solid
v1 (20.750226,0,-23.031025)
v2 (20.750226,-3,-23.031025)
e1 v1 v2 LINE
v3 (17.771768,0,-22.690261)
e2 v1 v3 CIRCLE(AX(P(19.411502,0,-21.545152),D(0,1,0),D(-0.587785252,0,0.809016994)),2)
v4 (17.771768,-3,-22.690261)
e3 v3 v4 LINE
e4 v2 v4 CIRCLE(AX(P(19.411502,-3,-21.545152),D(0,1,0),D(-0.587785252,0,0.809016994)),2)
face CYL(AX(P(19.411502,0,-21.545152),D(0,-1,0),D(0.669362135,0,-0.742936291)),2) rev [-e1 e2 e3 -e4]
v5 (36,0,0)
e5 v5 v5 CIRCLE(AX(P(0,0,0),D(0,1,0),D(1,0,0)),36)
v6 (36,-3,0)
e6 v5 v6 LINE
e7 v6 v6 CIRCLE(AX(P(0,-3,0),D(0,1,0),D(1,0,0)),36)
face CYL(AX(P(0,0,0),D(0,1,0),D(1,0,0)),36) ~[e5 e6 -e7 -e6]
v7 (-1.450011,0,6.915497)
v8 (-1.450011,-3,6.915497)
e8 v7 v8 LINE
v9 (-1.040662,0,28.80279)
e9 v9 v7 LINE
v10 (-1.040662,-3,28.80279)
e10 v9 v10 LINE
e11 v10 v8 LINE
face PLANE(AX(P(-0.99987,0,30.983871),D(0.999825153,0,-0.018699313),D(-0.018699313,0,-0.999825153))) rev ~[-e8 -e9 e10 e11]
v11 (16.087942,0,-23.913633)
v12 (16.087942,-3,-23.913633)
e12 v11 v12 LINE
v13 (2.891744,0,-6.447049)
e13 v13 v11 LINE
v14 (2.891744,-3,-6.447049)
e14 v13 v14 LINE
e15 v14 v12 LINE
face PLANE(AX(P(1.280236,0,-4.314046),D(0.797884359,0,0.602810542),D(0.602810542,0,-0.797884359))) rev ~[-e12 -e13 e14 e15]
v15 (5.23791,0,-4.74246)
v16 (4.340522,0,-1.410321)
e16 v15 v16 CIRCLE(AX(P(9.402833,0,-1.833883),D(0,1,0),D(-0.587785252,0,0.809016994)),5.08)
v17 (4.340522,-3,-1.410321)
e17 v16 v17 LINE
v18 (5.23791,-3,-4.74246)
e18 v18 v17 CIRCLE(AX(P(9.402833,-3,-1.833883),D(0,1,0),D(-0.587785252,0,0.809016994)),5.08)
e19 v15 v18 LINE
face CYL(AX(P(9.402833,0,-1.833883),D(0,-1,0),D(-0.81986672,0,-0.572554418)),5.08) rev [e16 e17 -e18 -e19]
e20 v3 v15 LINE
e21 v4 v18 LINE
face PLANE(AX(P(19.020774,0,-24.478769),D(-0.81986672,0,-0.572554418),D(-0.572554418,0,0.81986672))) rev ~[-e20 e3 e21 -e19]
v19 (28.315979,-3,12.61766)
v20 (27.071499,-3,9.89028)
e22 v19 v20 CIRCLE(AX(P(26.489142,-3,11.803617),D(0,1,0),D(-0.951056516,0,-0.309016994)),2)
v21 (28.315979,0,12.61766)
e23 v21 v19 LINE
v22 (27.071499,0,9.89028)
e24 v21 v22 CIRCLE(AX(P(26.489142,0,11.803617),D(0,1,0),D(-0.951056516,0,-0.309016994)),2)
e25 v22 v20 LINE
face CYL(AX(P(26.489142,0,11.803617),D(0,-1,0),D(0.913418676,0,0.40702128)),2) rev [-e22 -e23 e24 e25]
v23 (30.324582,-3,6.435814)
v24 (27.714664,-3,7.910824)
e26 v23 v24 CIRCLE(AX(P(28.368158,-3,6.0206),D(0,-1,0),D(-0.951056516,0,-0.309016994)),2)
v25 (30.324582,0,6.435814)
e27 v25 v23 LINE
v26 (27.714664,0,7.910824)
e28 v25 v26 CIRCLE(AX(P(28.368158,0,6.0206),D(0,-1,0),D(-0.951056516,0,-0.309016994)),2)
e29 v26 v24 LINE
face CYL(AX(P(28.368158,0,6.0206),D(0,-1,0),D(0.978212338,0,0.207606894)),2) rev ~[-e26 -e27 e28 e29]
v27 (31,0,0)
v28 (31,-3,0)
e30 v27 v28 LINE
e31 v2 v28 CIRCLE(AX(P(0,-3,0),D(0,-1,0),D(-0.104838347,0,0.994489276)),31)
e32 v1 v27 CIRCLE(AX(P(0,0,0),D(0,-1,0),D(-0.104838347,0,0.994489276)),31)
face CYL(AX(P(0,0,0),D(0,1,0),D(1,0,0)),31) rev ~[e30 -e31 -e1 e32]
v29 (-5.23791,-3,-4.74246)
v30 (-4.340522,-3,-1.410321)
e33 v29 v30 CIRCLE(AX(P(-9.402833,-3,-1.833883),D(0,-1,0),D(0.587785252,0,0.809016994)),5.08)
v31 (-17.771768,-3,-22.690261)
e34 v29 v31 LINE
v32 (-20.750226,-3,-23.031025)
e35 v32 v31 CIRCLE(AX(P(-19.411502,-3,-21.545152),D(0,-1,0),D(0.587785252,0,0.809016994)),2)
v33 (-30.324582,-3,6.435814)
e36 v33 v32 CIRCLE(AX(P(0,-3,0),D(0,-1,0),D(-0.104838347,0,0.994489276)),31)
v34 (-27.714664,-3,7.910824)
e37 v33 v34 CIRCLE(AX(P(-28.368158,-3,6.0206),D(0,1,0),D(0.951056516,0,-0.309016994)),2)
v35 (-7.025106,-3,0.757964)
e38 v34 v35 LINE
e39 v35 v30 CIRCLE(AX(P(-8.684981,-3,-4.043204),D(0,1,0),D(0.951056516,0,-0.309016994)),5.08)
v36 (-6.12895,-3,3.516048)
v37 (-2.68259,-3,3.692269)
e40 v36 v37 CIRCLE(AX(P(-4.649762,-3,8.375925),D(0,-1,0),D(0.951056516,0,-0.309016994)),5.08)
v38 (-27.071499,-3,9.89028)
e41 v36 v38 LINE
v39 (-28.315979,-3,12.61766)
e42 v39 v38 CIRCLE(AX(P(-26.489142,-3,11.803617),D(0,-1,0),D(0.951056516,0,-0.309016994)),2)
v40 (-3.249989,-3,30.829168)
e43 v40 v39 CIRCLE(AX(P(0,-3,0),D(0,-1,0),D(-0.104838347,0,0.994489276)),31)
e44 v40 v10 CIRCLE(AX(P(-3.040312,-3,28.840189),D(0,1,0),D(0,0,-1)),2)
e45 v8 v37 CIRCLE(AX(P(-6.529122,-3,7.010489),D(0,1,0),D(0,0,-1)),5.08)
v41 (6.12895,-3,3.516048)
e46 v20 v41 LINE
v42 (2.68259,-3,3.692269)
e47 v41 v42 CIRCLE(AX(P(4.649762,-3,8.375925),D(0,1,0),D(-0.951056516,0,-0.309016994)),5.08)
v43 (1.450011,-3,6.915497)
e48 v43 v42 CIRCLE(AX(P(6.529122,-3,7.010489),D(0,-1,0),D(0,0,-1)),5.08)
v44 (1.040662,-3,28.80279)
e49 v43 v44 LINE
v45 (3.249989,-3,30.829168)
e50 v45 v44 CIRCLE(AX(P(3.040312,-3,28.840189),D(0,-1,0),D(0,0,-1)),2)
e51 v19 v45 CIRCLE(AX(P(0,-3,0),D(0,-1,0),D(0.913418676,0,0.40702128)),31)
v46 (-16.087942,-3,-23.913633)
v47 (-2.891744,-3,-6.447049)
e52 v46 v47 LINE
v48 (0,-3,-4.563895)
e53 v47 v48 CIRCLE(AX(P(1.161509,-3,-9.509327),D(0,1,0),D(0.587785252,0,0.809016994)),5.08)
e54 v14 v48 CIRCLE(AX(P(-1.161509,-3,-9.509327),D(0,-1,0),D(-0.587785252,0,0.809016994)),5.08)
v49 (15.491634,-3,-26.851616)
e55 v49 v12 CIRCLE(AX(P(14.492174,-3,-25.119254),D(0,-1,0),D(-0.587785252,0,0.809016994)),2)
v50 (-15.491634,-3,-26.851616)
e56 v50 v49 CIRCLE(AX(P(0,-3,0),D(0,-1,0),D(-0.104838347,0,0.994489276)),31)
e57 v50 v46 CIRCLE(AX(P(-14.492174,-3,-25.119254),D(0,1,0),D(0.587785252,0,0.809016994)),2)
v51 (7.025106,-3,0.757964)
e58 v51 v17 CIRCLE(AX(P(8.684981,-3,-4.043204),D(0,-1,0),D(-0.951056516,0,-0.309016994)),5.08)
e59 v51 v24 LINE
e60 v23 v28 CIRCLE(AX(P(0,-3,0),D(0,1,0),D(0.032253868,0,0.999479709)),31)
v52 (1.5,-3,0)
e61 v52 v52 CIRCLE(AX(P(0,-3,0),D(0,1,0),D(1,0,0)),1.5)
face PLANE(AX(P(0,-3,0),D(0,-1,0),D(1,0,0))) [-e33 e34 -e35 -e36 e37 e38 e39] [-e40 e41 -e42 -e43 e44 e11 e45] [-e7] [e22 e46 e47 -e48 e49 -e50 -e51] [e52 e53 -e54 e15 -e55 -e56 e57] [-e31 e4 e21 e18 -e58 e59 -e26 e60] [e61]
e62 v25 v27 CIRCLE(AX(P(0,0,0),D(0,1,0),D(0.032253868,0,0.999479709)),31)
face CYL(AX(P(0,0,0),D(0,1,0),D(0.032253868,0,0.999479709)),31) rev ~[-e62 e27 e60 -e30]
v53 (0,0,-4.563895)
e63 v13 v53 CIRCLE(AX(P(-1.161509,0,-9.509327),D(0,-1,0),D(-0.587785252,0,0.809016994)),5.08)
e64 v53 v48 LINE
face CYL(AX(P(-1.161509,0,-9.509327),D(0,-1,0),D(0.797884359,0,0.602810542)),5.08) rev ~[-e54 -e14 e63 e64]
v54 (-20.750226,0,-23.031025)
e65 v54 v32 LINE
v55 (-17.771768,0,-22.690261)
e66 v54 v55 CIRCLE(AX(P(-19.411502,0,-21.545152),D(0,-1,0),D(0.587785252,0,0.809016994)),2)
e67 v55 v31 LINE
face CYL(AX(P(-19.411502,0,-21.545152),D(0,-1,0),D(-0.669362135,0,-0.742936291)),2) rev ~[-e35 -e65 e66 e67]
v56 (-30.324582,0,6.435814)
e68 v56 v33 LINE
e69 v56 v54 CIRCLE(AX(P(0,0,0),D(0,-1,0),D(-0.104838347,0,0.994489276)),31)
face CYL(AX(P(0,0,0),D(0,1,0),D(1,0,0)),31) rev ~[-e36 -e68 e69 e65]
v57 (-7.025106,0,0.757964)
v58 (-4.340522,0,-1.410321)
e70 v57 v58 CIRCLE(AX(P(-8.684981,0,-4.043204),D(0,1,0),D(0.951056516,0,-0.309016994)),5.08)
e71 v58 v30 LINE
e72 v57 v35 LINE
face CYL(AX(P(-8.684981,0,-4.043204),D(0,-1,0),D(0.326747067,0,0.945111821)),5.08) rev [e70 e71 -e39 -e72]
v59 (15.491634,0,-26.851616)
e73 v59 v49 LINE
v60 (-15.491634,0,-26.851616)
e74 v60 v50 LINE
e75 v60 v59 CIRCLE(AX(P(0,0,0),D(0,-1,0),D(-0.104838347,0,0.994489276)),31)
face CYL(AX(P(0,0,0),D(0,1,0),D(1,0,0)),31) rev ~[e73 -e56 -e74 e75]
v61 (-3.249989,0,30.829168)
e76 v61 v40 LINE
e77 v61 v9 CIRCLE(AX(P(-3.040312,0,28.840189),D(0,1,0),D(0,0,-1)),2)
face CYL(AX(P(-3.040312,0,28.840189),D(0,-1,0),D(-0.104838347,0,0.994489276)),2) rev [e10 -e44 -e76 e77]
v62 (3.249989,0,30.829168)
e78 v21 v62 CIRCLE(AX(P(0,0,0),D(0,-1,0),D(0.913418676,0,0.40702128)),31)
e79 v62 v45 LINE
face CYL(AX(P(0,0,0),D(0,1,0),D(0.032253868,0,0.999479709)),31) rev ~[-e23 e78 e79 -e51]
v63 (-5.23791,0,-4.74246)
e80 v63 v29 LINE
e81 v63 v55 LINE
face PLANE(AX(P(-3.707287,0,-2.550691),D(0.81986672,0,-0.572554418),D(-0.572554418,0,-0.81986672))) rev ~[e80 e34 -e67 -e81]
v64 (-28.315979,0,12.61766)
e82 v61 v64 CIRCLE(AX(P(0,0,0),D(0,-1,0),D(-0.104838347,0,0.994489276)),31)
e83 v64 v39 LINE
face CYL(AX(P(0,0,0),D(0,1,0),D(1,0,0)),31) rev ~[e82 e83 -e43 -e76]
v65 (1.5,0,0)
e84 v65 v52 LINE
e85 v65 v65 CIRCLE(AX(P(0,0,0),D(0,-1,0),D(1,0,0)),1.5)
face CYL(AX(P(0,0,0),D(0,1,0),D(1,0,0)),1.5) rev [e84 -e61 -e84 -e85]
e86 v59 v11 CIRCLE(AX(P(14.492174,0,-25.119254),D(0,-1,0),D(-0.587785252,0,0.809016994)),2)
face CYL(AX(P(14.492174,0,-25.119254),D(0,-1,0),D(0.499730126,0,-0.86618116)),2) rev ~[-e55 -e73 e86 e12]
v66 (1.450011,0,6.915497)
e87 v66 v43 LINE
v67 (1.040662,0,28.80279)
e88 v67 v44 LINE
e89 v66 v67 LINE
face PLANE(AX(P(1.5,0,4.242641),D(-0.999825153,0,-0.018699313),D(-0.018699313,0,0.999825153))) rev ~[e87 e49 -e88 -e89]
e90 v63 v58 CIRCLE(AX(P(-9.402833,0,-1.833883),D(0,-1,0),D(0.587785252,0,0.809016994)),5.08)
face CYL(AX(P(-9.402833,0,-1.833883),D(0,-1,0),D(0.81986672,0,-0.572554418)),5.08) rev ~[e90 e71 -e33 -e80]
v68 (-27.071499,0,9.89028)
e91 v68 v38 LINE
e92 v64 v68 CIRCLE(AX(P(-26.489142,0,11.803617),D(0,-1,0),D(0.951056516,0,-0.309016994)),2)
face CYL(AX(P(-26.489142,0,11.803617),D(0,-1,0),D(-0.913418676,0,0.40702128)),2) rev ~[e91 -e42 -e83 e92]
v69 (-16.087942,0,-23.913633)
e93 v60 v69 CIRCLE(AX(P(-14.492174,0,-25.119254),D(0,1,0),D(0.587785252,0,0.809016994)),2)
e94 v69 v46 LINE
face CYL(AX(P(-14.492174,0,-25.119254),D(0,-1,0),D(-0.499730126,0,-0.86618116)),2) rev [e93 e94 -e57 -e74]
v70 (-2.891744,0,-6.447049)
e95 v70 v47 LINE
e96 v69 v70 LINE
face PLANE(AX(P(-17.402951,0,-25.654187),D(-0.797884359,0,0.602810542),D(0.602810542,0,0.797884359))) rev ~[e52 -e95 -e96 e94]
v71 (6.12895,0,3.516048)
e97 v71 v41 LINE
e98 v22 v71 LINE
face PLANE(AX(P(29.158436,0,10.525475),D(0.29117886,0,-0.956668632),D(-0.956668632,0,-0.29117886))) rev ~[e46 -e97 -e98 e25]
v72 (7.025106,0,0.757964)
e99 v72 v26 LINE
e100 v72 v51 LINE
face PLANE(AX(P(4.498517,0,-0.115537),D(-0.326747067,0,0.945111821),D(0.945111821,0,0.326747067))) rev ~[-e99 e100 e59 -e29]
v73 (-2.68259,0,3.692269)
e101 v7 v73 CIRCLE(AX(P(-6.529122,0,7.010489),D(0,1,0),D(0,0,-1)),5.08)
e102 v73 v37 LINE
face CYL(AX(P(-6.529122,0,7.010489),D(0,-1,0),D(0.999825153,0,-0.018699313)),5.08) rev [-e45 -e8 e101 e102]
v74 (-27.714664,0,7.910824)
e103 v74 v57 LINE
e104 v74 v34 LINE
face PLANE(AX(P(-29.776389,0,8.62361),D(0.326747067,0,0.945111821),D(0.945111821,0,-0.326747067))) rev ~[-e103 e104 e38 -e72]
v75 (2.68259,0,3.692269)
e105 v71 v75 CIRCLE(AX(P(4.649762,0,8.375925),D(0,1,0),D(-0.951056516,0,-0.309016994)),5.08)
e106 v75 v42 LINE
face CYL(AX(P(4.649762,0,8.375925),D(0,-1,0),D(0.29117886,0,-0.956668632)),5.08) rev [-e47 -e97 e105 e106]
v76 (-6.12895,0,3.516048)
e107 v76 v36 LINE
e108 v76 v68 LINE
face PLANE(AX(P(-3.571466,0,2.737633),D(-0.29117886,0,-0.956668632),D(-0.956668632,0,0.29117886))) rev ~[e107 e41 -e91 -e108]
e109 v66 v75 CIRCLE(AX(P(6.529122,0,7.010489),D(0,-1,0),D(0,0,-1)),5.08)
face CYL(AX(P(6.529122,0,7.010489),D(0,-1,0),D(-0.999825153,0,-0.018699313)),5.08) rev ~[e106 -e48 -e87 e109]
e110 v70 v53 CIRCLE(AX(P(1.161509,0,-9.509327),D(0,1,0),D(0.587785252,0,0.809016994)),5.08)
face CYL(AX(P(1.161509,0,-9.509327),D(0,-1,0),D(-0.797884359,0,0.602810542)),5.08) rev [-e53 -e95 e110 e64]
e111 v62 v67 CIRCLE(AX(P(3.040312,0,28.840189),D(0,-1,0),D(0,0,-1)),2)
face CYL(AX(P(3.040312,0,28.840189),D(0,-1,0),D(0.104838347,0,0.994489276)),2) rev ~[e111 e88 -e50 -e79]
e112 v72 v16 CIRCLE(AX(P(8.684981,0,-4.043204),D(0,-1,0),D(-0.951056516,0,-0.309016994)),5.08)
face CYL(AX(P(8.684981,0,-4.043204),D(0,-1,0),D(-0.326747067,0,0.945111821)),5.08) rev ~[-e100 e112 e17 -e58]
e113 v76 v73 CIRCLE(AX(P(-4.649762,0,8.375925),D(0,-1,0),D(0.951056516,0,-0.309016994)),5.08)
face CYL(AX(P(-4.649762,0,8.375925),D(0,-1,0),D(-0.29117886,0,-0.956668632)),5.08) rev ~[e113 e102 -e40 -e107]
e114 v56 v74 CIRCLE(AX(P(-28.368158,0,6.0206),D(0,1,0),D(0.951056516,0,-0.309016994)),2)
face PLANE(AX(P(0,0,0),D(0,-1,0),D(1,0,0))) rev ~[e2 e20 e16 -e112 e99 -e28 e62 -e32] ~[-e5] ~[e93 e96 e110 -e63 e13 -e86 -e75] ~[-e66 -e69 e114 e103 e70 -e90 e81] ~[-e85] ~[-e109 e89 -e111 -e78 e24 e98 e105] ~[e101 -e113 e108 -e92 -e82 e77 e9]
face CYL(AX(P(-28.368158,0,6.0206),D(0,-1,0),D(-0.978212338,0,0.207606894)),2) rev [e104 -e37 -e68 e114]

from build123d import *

# Parameters (mm, degrees)
F0_R     = 36
F0_R_2   = 1.5
F1_DEPTH = 3
F2_R     = 2
F3_R     = 5.08
F4_COUNT = 5


with BuildPart() as f1:
    # F0 (on Front) → F1 (new body)
    with BuildSketch(Plane.XZ):
        Circle(F0_R)
        with BuildLine():
            ThreePointArc((-0.9998699187, 30.9838709677), (0, 31), (0.9998699187, 30.9838709677))
            ThreePointArc((0.9998699187, 30.9838709677), (22.2710121849, 21.5639054037), (31, 0))
            ThreePointArc((31, 0), (-21.5639054037, -22.2710121849), (-0.9998699187, 30.9838709677))
        make_face(mode=Mode.SUBTRACT)
        with BuildLine():
            ThreePointArc((-1.5, 4.2426406871), (0, 4.5), (1.5, 4.2426406871))
            Line((1.5, 4.2426406871), (0.9998699187, 30.9838709677))
            ThreePointArc((0.9998699187, 30.9838709677), (0, 31), (-0.9998699187, 30.9838709677))
            Line((-0.9998699187, 30.9838709677), (-1.5, 4.2426406871))
        make_face()
        with BuildLine():
            ThreePointArc((-1.5, 4.2426406871), (-2.5980762114, -3.6742346142), (4.5, 0))
            ThreePointArc((4.5, 0), (3.6742346142, 2.5980762114), (1.5, 4.2426406871))
            ThreePointArc((1.5, 4.2426406871), (0, 4.5), (-1.5, 4.2426406871))
        make_face()
        Circle(F0_R_2, mode=Mode.SUBTRACT)
    extrude(amount=F1_DEPTH)

    # F2
    f2_edges = [f1.edges().sort_by_distance(p)[0] for p in [
        (0.99987, -1.5, 30.983871),
        (-0.99987, -1.5, 30.983871),
    ]]
    fillet(f2_edges, radius=F2_R)

    # F3
    f3_edges = [f1.edges().sort_by_distance(p)[0] for p in [
        (-1.5, -1.5, 4.242641),
        (1.5, -1.5, 4.242641),
    ]]
    fillet(f3_edges, radius=F3_R)

    # F4: F1 ×5 about axis
    f4_axis = Axis((0, 0, 0), (0, 1, 0))


with BuildPart() as f1_1:
    add(f1.part)
    for i in range(1, F4_COUNT):
        add(f1.part.rotate(f4_axis, i * 360 / F4_COUNT))


solid = f1_1.part
